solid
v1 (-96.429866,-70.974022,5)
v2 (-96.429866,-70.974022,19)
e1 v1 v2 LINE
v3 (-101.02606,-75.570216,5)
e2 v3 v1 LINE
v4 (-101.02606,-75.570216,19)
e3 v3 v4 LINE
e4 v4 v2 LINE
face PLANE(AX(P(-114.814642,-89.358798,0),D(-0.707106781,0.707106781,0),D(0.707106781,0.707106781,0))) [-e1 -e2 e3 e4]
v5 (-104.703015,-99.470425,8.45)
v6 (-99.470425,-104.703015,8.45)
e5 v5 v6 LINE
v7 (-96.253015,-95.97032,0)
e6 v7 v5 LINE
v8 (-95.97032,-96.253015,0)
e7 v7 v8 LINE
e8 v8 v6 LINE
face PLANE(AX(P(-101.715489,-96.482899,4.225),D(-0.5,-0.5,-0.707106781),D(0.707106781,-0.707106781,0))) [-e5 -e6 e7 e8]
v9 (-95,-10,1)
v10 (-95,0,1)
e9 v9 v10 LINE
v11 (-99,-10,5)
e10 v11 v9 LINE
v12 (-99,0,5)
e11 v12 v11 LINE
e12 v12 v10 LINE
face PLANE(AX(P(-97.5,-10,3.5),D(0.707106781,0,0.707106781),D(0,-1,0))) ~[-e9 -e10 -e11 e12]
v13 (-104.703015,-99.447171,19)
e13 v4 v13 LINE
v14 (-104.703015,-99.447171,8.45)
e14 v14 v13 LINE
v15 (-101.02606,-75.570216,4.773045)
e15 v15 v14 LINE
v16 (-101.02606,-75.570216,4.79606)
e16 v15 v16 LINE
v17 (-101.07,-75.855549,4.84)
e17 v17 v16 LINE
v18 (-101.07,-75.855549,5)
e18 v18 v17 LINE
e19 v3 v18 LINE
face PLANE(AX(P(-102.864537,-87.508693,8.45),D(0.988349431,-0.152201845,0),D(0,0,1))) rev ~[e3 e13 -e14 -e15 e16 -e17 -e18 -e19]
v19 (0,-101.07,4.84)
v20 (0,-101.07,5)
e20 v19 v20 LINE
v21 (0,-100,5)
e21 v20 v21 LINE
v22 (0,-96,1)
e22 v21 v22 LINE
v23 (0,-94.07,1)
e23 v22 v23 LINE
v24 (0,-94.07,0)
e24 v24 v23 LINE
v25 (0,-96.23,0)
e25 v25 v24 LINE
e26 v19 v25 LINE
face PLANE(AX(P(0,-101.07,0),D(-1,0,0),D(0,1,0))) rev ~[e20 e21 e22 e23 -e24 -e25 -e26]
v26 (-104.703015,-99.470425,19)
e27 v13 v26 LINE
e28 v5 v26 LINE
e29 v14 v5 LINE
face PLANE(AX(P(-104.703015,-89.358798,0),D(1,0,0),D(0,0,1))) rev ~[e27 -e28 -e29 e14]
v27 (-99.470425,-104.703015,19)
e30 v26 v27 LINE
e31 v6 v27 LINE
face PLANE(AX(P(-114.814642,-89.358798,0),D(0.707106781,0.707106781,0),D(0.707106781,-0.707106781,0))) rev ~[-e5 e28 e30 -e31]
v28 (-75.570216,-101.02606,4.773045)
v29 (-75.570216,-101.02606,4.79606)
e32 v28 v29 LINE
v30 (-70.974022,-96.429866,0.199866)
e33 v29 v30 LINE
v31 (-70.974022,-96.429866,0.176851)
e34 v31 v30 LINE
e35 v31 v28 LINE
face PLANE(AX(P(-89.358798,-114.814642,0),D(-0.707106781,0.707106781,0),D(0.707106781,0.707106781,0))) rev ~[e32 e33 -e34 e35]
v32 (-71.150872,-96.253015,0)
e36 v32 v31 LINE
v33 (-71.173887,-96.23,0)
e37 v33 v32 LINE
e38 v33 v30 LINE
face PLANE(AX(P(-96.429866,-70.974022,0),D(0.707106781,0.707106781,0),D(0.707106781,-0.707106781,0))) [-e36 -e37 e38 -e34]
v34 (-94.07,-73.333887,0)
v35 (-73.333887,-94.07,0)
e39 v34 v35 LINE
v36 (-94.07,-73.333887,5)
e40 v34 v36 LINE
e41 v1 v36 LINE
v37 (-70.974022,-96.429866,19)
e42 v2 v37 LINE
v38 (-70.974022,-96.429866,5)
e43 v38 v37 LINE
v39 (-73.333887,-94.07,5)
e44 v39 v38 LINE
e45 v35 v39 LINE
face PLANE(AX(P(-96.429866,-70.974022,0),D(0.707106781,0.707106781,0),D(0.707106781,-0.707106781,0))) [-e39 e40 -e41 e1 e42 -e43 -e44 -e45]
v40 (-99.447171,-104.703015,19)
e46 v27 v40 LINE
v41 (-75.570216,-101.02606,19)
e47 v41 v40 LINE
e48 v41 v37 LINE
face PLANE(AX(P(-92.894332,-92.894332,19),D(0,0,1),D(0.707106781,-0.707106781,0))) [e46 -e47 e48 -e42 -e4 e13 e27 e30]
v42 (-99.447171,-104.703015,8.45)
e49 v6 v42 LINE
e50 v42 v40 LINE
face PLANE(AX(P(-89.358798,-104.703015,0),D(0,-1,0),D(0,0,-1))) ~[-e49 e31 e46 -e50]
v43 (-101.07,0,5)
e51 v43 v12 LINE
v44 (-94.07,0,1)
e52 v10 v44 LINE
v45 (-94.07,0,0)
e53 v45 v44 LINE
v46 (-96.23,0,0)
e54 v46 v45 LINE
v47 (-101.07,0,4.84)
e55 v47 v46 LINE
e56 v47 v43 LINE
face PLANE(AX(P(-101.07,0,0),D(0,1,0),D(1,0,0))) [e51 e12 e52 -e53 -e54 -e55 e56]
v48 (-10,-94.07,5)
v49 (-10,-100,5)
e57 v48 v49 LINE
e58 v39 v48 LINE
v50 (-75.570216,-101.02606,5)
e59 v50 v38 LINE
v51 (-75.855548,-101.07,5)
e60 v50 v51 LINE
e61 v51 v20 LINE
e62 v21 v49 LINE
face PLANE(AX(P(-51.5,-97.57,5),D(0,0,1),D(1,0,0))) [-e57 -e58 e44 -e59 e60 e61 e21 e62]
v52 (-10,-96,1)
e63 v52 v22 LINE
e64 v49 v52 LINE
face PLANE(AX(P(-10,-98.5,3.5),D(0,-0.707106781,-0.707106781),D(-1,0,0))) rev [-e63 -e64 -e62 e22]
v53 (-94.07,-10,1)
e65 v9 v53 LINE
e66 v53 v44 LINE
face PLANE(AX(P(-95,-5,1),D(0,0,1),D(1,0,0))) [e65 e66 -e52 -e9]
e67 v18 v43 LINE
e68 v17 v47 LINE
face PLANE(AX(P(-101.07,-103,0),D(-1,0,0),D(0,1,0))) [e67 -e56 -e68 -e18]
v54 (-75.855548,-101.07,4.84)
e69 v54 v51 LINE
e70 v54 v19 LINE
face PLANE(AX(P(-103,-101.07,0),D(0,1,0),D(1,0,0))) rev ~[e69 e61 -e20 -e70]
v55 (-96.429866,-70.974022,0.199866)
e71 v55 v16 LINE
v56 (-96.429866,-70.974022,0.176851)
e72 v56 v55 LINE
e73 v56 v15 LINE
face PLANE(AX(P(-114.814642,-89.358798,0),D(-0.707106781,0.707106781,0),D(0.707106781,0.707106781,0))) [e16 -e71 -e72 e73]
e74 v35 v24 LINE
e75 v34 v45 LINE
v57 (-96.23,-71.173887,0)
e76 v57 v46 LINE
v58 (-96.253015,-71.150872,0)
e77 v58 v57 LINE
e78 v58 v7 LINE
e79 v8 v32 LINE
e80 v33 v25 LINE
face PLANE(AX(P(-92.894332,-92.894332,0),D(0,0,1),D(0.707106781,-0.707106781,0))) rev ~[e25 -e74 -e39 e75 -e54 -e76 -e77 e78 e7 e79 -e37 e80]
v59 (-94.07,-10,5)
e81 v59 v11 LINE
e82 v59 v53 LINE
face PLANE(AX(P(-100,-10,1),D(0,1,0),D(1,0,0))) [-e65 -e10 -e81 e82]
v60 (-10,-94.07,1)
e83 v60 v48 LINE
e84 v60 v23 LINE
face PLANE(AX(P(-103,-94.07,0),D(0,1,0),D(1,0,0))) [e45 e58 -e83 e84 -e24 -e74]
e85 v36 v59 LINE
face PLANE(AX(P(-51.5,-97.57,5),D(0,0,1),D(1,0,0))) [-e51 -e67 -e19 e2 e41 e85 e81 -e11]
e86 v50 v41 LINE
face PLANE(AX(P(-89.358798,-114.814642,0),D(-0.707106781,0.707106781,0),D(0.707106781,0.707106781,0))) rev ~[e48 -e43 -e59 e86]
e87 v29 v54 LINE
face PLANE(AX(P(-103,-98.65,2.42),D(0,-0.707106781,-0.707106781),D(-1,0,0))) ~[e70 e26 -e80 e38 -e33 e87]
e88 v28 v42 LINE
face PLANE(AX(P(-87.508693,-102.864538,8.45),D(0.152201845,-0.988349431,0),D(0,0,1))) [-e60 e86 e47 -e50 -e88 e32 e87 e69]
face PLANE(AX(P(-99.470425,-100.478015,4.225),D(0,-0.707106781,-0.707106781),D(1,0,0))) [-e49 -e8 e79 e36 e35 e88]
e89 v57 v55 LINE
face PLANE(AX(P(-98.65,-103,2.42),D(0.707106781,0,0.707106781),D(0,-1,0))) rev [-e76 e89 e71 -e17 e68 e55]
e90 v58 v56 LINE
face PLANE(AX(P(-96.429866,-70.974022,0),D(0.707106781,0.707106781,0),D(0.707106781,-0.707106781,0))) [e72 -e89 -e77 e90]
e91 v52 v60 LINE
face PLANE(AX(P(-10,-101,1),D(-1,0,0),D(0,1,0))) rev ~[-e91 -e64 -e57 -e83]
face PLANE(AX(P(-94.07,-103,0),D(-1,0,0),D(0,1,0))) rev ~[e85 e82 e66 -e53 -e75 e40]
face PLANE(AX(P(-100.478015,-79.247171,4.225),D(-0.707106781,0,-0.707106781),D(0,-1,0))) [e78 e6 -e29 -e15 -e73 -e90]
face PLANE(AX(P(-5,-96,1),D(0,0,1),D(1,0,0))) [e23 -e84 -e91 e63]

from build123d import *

# Parameters (mm, degrees)
BOX008002003_W               = 32
BOX008002003_H               = 60
BOX008002003_DEPTH           = 19
BOX008002003_PLACEMENT_ANGLE = 45
BOX002_W                     = 10
BOX002_H                     = 10
BOX002_DEPTH                 = 10
CHAMFER002_SIZE              = 5
BOX_W                        = 103
BOX_H                        = 7
BOX_DEPTH                    = 5
CHAMFER_SIZE                 = 4.84
BOX004_W                     = 40
BOX004_H                     = 25
BOX004_DEPTH                 = 55
BOX004_ROLL_ANGLE            = 20
BOX004_PLACEMENT_ANGLE       = -45
BOX003_W                     = 10
BOX003_H                     = 10
BOX003_DEPTH                 = 10
CHAMFER003_SIZE              = 5
BOX001_W                     = 7
BOX001_H                     = 103
BOX001_DEPTH                 = 5
CHAMFER001_SIZE              = 4.84
BOX007_W                     = 36
BOX007_H                     = 26
BOX007_DEPTH                 = 19
BOX007_PLACEMENT_ANGLE       = 315
CHAMFER004_SIZE              = 14.3
CHAMFER004002_SIZE           = 8.45
CHAMFER004003_1_SIZE2        = 20.2
CHAMFER004003_1_SIZE         = 5.2
CHAMFER004003_2_SIZE2        = 20.2
CHAMFER004003_2_SIZE         = 5.2


with BuildPart() as cube010:
    # Box008002003 → Box008002003 (new body)
    with BuildSketch(Plane.XY):
        with Locations((16, 30)):
            Rectangle(BOX008002003_W, BOX008002003_H)
    extrude(amount=BOX008002003_DEPTH)


with BuildPart() as cube010_1:
    # Box008002003 placement: moved
    add(cube010.part.moved(Location((-93.509515, -135.935922, 0))).rotate(Axis((-93.509515, -135.935922, 0), (0, 0, 1)), BOX008002003_PLACEMENT_ANGLE))


with BuildPart() as chamfer002:
    # Box002 → Box002 (new body)
    with BuildSketch(Plane(origin=(-10, -80, 0), x_dir=(1, 0, 0), z_dir=(0, 0, 1))):
        with Locations((5, 5)):
            Rectangle(BOX002_W, BOX002_H)
    extrude(amount=BOX002_DEPTH)

    # Chamfer002
    chamfer002_edges = [chamfer002.edges().sort_by_distance(p)[0] for p in [
        (-5, -80, 0),
    ]]
    chamfer(chamfer002_edges, length=CHAMFER002_SIZE)


with BuildPart() as chamfer002_1:
    # Chamfer002 placement: moved
    add(chamfer002.part.moved(Location((0, -21, 1))))


with BuildPart() as cut:
    # Box → Box (new body)
    with BuildSketch(Plane(origin=(-103, -103, 0), x_dir=(1, 0, 0), z_dir=(0, 0, 1))):
        with Locations((51.5, 3.5)):
            Rectangle(BOX_W, BOX_H)
    extrude(amount=BOX_DEPTH)

    # Chamfer
    chamfer_edges = [cut.edges().sort_by_distance(p)[0] for p in [
        (-51.5, -103, 0),
    ]]
    chamfer(chamfer_edges, length=CHAMFER_SIZE)


with BuildPart() as cut_1:
    # Chamfer placement: moved
    add(cut.part.moved(Location((0, 1.93, 0))))

    # Cut: cut Chamfer002
    add(chamfer002_1.part, mode=Mode.SUBTRACT)


with BuildPart() as box004:
    # Box004 → Box004 (new body)
    with BuildSketch(Plane.XY):
        with Locations((20, 12.5)):
            Rectangle(BOX004_W, BOX004_H)
    extrude(amount=BOX004_DEPTH)


with BuildPart() as box004_1:
    # Box004 roll: moved
    add(box004.part.rotate(Axis((0, 0, 0), (1, 0, 0)), BOX004_ROLL_ANGLE))


with BuildPart() as box004_2:
    # Box004 placement: moved
    add(box004_1.part.moved(Location((-125.987533, -98.117475, -15.593468))).rotate(Axis((-125.987533, -98.117475, -15.593468), (0, 0, 1)), BOX004_PLACEMENT_ANGLE))


with BuildPart() as chamfer003:
    # Box003 → Box003 (new body)
    with BuildSketch(Plane(origin=(-82, -10, 0), x_dir=(1, 0, 0), z_dir=(0, 0, 1))):
        with Locations((5, 5)):
            Rectangle(BOX003_W, BOX003_H)
    extrude(amount=BOX003_DEPTH)

    # Chamfer003
    chamfer003_edges = [chamfer003.edges().sort_by_distance(p)[0] for p in [
        (-82, -5, 0),
    ]]
    chamfer(chamfer003_edges, length=CHAMFER003_SIZE)


with BuildPart() as chamfer003_1:
    # Chamfer003 placement: moved
    add(chamfer003.part.moved(Location((-18, 0, 1))))


with BuildPart() as cut004:
    # Box001 → Box001 (new body)
    with BuildSketch(Plane(origin=(-103, -103, 0), x_dir=(1, 0, 0), z_dir=(0, 0, 1))):
        with Locations((3.5, 51.5)):
            Rectangle(BOX001_W, BOX001_H)
    extrude(amount=BOX001_DEPTH)

    # Chamfer001
    chamfer001_edges = [cut004.edges().sort_by_distance(p)[0] for p in [
        (-103, -51.5, 0),
    ]]
    chamfer(chamfer001_edges, length=CHAMFER001_SIZE)


with BuildPart() as cut004_1:
    # Chamfer001 placement: moved
    add(cut004.part.moved(Location((1.93, 0, 0))))

    # Cut001: cut Chamfer003
    add(chamfer003_1.part, mode=Mode.SUBTRACT)

    # Cut003: cut Box004
    add(box004_2.part, mode=Mode.SUBTRACT)

    # Fusion: union Cut
    add(cut_1.part)

    # Cut004: cut Cube010
    add(cube010_1.part, mode=Mode.SUBTRACT)


with BuildPart() as fusion001:
    # Box007 → Box007 (new body)
    with BuildSketch(Plane.XY):
        with Locations((18, 13)):
            Rectangle(BOX007_W, BOX007_H)
    extrude(amount=BOX007_DEPTH)


with BuildPart() as fusion001_1:
    # Box007 placement: moved
    add(fusion001.part.moved(Location((-114.814642, -89.358798, 0))).rotate(Axis((-114.814642, -89.358798, 0), (0, 0, 1)), BOX007_PLACEMENT_ANGLE))

    # Chamfer004
    chamfer004_edges = [fusion001_1.edges().sort_by_distance(p)[0] for p in [
        (-114.814642, -89.358798, 9.5),
        (-89.358798, -114.814642, 9.5),
    ]]
    chamfer(chamfer004_edges, length=CHAMFER004_SIZE)

    # Chamfer004002
    chamfer004002_edges = [fusion001_1.edges().sort_by_distance(p)[0] for p in [
        (-104.703015, -89.358798, 0),
        (-102.08672, -102.08672, 0),
        (-89.358798, -104.703015, 0),
    ]]
    chamfer(chamfer004002_edges, length=CHAMFER004002_SIZE)

    # Chamfer004003 1
    chamfer004003_1_edges = [fusion001_1.edges().sort_by_distance(p)[0] for p in [
        (-79.247171, -104.703015, 13.725),
    ]]
    chamfer004003_1_side = fusion001_1.faces().sort_by_distance((-74.722231, -100.178076, 11.46253))[0]
    chamfer(chamfer004003_1_edges, length=CHAMFER004003_1_SIZE, length2=CHAMFER004003_1_SIZE2, reference=chamfer004003_1_side)

    # Chamfer004003 2
    chamfer004003_2_edges = [fusion001_1.edges().sort_by_distance(p)[0] for p in [
        (-104.703015, -79.247171, 13.725),
    ]]
    chamfer004003_2_side = fusion001_1.faces().sort_by_distance((-100.178076, -74.722231, 11.46253))[0]
    chamfer(chamfer004003_2_edges, length=CHAMFER004003_2_SIZE, length2=CHAMFER004003_2_SIZE2, reference=chamfer004003_2_side)

    # Fusion001: union Cut004
    add(cut004_1.part)


solid = fusion001_1.part
